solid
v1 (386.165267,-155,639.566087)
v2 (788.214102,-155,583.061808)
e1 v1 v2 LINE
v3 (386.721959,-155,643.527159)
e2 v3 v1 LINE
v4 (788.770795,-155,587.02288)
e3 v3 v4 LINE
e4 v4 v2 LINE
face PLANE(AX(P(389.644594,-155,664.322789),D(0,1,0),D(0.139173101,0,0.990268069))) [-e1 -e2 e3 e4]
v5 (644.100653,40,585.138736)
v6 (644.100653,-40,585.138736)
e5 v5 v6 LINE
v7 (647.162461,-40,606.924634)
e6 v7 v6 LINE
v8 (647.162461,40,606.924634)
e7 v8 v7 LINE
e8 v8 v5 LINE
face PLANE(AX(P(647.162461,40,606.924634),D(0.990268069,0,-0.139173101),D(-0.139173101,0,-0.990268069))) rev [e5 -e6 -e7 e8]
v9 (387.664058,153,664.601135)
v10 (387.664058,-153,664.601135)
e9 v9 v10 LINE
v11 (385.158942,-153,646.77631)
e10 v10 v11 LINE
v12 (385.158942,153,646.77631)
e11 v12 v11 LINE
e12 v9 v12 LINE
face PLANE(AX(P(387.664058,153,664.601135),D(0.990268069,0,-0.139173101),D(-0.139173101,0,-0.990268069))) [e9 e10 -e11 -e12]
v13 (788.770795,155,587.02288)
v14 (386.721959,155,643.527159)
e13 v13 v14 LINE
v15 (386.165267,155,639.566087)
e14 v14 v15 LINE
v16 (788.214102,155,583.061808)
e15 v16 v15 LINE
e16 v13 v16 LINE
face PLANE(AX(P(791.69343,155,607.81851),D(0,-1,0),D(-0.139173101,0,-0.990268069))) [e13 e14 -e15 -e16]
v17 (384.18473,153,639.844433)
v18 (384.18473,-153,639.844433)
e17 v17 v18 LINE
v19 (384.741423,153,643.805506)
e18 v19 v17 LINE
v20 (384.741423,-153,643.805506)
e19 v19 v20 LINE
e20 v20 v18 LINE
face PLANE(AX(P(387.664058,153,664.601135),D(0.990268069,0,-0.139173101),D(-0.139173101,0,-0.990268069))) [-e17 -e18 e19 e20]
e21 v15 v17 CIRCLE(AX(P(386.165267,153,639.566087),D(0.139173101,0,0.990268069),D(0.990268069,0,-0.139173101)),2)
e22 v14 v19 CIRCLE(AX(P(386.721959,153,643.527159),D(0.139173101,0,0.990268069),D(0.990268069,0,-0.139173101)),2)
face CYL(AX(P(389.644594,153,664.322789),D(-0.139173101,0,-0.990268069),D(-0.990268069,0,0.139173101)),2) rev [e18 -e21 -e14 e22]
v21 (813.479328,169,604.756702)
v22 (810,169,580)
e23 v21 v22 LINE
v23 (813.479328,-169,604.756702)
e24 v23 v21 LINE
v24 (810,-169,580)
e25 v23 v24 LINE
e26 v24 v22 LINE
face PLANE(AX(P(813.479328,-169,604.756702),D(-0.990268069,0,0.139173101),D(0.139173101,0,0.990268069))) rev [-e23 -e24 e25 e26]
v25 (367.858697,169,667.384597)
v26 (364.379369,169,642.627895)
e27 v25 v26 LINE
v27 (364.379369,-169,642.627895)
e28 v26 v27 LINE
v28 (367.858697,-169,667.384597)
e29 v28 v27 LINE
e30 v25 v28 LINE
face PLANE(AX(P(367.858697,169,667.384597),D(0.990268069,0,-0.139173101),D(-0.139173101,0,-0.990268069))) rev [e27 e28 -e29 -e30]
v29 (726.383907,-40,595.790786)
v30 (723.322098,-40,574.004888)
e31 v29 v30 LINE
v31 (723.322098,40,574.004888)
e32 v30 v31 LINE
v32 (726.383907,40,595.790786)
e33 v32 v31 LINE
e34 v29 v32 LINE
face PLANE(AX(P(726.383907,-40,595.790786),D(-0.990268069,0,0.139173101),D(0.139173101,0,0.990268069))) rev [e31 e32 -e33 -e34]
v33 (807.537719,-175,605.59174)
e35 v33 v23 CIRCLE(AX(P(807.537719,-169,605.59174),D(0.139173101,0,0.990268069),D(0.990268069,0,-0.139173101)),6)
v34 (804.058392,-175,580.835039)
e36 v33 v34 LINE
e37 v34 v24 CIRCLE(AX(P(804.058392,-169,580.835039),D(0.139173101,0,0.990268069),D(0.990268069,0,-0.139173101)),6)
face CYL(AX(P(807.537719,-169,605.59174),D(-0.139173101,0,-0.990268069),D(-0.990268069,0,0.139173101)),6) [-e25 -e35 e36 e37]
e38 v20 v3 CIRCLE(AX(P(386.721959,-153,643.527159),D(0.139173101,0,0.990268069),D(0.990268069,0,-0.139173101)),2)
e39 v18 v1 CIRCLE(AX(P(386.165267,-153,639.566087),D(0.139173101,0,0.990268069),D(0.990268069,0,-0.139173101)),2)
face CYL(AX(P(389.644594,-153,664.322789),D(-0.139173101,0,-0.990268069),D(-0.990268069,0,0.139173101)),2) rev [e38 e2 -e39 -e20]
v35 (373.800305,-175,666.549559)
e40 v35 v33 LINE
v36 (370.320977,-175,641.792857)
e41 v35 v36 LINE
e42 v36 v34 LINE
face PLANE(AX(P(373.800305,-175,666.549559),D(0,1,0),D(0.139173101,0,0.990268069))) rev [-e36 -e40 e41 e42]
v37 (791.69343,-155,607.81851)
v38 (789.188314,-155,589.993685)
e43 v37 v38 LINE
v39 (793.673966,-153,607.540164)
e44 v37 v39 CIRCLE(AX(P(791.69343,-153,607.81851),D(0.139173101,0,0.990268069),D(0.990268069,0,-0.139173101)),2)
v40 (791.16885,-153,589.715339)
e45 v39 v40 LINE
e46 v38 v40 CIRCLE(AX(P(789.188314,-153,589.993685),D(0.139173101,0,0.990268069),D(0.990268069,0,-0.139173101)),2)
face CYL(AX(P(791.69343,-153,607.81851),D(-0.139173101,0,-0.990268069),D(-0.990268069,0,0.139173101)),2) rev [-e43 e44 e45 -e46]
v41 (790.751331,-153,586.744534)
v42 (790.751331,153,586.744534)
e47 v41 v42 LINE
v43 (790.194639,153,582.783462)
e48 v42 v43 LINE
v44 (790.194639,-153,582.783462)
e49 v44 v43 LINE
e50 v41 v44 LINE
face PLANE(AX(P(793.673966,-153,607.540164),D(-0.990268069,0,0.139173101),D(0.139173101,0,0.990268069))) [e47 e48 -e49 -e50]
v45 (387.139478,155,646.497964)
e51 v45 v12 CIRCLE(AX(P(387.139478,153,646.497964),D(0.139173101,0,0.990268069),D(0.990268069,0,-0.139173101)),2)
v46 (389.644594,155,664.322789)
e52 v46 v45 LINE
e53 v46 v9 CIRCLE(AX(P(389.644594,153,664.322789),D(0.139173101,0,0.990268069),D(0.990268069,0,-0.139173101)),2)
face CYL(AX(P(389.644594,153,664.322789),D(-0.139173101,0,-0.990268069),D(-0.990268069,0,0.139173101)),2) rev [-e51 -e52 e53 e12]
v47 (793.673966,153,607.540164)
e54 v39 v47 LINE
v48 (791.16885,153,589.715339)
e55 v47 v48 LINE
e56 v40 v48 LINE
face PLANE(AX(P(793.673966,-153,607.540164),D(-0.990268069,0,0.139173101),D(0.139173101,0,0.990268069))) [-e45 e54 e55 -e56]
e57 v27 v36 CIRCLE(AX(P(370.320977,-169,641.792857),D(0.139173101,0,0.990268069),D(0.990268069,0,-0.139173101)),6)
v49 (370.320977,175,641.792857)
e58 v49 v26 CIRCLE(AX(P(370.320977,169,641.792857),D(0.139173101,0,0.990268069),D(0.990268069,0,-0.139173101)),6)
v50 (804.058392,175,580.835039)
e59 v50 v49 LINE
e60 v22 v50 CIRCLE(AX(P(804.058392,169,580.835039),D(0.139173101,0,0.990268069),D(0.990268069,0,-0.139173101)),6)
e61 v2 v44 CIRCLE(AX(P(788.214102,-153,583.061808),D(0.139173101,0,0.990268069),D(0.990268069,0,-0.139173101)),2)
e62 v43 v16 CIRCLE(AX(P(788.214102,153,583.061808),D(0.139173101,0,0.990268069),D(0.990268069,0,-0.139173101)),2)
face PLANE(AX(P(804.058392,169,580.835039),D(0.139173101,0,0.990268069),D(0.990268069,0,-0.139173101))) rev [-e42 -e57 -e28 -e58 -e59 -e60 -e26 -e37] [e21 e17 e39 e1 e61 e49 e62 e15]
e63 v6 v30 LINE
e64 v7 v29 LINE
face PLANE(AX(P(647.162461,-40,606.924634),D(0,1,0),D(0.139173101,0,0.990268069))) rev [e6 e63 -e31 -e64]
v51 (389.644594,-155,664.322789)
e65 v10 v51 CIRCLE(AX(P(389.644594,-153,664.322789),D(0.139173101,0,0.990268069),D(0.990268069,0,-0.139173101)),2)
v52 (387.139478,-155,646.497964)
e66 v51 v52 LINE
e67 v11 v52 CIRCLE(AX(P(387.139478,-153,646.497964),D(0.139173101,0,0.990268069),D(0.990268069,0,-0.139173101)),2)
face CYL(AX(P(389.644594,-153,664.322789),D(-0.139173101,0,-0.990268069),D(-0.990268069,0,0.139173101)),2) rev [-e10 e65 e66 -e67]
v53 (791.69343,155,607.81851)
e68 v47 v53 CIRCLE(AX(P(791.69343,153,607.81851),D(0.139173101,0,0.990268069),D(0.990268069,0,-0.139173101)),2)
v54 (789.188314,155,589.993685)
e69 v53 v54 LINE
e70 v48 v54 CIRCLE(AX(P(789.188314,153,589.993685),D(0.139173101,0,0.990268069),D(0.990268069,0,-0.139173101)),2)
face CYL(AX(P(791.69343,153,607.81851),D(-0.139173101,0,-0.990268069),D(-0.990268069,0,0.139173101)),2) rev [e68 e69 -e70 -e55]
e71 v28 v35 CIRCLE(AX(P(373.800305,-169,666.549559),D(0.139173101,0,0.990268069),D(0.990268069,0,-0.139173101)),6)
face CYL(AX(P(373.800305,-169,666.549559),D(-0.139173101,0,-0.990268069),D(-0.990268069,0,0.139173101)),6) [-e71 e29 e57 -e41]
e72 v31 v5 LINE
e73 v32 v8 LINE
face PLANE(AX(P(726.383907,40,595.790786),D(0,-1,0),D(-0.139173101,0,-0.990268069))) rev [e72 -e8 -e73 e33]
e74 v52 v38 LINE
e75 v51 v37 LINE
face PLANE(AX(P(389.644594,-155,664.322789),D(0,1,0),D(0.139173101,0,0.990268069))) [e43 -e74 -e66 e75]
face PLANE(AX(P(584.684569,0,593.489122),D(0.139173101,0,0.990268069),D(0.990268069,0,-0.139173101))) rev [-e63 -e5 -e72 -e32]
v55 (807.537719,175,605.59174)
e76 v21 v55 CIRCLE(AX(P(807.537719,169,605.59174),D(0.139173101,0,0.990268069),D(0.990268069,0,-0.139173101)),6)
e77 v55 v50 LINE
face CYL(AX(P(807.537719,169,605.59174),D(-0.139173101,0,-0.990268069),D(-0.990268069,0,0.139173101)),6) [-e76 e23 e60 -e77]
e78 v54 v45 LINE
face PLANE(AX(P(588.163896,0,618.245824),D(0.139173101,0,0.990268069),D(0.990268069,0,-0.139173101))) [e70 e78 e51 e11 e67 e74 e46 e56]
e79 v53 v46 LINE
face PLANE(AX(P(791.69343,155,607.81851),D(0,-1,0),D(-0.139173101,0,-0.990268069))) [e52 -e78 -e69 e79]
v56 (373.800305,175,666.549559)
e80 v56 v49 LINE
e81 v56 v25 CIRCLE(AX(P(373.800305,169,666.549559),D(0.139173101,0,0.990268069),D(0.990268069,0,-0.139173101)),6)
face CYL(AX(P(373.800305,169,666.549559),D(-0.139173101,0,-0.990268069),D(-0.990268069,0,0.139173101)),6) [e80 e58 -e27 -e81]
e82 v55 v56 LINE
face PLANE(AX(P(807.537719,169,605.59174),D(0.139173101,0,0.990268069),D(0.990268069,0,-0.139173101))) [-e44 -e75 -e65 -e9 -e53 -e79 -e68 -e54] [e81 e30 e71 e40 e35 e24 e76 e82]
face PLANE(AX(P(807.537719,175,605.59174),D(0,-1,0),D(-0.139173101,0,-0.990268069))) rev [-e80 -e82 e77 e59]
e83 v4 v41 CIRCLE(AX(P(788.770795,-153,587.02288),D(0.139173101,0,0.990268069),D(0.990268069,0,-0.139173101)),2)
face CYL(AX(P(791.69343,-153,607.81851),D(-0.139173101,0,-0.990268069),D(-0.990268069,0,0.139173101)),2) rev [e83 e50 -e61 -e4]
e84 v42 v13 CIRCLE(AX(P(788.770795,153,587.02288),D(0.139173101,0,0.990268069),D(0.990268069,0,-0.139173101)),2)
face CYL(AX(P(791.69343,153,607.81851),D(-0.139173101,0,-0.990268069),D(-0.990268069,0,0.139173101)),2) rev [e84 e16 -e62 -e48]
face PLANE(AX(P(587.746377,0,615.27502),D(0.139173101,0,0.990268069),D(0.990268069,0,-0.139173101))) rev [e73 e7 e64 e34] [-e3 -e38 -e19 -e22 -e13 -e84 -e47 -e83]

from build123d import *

# Parameters (mm, degrees)
EXTRUDE_START          = -12.5
EXTRUDE_1_DEPTH        = 25
EXTRUDE_ROTATE_1_ANGLE = 8
EXTRUDE_START_2        = -8.5
EXTRUDE_SKETCH_2_W     = 410
EXTRUDE_SKETCH_2_H     = 310
EXTRUDE_2_DEPTH        = 3
EXTRUDE_ROTATE_2_ANGLE = 8
EXTRUDE_START_3        = -30.5
EXTRUDE_SKETCH_3_W     = 80
EXTRUDE_SKETCH_3_H     = 80
EXTRUDE_3_DEPTH        = 22
EXTRUDE_ROTATE_3_ANGLE = 8


with BuildPart() as part:
    # Extrude sketch 1 → Extrude 1 (new body)
    with BuildSketch(Plane.XY.offset(EXTRUDE_START)):
        with BuildLine():
            Line((219, 175), (-219, 175))
            ThreePointArc((-219, 175), (-223.242640687, 173.242640687), (-225, 169))
            Line((-225, 169), (-225, -169))
            ThreePointArc((-225, -169), (-223.242640687, -173.242640687), (-219, -175))
            Line((-219, -175), (219, -175))
            ThreePointArc((219, -175), (223.242640687, -173.242640687), (225, -169))
            Line((225, -169), (225, 169))
            ThreePointArc((225, 169), (223.242640687, 173.242640687), (219, 175))
        make_face()
        with BuildLine():
            Line((203, 155), (-203, 155))
            ThreePointArc((-203, 155), (-204.414213562, 154.414213562), (-205, 153))
            Line((-205, 153), (-205, -153))
            ThreePointArc((-205, -153), (-204.414213562, -154.414213562), (-203, -155))
            Line((-203, -155), (203, -155))
            ThreePointArc((203, -155), (204.414213562, -154.414213562), (205, -153))
            Line((205, -153), (205, 153))
            ThreePointArc((205, 153), (204.414213562, 154.414213562), (203, 155))
        make_face(mode=Mode.SUBTRACT)
    extrude(amount=EXTRUDE_1_DEPTH)


with BuildPart() as part_1:
    # Extrude rotate 1: moved
    add(part.part.rotate(Axis((0, 0, 0), (0, 1, 0)), EXTRUDE_ROTATE_1_ANGLE))


with BuildPart() as part_2:
    # Extrude place 1: moved
    add(part_1.part.moved(Location((588.929348295, 0, 623.692298575))))


with BuildPart() as body_2:
    # Extrude sketch 2 → Extrude 2 (new body)
    with BuildSketch(Plane.XY.offset(EXTRUDE_START_2)):
        Rectangle(EXTRUDE_SKETCH_2_W, EXTRUDE_SKETCH_2_H)
    extrude(amount=EXTRUDE_2_DEPTH)


with BuildPart() as body_2_1:
    # Extrude rotate 2: moved
    add(body_2.part.rotate(Axis((0, 0, 0), (0, 1, 0)), EXTRUDE_ROTATE_2_ANGLE))


with BuildPart() as body_2_2:
    # Extrude place 2: moved
    add(body_2_1.part.moved(Location((588.929348295, 0, 623.692298575))))


with BuildPart() as body_3:
    # Extrude sketch 3 → Extrude 3 (new body)
    with BuildSketch(Plane.XY.offset(EXTRUDE_START_3)):
        with Locations((100, 0)):
            Rectangle(EXTRUDE_SKETCH_3_W, EXTRUDE_SKETCH_3_H)
    extrude(amount=EXTRUDE_3_DEPTH)


with BuildPart() as body_3_1:
    # Extrude rotate 3: moved
    add(body_3.part.rotate(Axis((0, 0, 0), (0, 1, 0)), EXTRUDE_ROTATE_3_ANGLE))


with BuildPart() as body_3_2:
    # Extrude place 3: moved
    add(body_3_1.part.moved(Location((588.929348295, 0, 623.692298575))))


with BuildPart() as part_3:
    add(part_2.part)

    # Combine (weld / assembly of features): union body 3, body 2
    add(body_3_2.part)
    add(body_2_2.part)


solid = part_3.part
